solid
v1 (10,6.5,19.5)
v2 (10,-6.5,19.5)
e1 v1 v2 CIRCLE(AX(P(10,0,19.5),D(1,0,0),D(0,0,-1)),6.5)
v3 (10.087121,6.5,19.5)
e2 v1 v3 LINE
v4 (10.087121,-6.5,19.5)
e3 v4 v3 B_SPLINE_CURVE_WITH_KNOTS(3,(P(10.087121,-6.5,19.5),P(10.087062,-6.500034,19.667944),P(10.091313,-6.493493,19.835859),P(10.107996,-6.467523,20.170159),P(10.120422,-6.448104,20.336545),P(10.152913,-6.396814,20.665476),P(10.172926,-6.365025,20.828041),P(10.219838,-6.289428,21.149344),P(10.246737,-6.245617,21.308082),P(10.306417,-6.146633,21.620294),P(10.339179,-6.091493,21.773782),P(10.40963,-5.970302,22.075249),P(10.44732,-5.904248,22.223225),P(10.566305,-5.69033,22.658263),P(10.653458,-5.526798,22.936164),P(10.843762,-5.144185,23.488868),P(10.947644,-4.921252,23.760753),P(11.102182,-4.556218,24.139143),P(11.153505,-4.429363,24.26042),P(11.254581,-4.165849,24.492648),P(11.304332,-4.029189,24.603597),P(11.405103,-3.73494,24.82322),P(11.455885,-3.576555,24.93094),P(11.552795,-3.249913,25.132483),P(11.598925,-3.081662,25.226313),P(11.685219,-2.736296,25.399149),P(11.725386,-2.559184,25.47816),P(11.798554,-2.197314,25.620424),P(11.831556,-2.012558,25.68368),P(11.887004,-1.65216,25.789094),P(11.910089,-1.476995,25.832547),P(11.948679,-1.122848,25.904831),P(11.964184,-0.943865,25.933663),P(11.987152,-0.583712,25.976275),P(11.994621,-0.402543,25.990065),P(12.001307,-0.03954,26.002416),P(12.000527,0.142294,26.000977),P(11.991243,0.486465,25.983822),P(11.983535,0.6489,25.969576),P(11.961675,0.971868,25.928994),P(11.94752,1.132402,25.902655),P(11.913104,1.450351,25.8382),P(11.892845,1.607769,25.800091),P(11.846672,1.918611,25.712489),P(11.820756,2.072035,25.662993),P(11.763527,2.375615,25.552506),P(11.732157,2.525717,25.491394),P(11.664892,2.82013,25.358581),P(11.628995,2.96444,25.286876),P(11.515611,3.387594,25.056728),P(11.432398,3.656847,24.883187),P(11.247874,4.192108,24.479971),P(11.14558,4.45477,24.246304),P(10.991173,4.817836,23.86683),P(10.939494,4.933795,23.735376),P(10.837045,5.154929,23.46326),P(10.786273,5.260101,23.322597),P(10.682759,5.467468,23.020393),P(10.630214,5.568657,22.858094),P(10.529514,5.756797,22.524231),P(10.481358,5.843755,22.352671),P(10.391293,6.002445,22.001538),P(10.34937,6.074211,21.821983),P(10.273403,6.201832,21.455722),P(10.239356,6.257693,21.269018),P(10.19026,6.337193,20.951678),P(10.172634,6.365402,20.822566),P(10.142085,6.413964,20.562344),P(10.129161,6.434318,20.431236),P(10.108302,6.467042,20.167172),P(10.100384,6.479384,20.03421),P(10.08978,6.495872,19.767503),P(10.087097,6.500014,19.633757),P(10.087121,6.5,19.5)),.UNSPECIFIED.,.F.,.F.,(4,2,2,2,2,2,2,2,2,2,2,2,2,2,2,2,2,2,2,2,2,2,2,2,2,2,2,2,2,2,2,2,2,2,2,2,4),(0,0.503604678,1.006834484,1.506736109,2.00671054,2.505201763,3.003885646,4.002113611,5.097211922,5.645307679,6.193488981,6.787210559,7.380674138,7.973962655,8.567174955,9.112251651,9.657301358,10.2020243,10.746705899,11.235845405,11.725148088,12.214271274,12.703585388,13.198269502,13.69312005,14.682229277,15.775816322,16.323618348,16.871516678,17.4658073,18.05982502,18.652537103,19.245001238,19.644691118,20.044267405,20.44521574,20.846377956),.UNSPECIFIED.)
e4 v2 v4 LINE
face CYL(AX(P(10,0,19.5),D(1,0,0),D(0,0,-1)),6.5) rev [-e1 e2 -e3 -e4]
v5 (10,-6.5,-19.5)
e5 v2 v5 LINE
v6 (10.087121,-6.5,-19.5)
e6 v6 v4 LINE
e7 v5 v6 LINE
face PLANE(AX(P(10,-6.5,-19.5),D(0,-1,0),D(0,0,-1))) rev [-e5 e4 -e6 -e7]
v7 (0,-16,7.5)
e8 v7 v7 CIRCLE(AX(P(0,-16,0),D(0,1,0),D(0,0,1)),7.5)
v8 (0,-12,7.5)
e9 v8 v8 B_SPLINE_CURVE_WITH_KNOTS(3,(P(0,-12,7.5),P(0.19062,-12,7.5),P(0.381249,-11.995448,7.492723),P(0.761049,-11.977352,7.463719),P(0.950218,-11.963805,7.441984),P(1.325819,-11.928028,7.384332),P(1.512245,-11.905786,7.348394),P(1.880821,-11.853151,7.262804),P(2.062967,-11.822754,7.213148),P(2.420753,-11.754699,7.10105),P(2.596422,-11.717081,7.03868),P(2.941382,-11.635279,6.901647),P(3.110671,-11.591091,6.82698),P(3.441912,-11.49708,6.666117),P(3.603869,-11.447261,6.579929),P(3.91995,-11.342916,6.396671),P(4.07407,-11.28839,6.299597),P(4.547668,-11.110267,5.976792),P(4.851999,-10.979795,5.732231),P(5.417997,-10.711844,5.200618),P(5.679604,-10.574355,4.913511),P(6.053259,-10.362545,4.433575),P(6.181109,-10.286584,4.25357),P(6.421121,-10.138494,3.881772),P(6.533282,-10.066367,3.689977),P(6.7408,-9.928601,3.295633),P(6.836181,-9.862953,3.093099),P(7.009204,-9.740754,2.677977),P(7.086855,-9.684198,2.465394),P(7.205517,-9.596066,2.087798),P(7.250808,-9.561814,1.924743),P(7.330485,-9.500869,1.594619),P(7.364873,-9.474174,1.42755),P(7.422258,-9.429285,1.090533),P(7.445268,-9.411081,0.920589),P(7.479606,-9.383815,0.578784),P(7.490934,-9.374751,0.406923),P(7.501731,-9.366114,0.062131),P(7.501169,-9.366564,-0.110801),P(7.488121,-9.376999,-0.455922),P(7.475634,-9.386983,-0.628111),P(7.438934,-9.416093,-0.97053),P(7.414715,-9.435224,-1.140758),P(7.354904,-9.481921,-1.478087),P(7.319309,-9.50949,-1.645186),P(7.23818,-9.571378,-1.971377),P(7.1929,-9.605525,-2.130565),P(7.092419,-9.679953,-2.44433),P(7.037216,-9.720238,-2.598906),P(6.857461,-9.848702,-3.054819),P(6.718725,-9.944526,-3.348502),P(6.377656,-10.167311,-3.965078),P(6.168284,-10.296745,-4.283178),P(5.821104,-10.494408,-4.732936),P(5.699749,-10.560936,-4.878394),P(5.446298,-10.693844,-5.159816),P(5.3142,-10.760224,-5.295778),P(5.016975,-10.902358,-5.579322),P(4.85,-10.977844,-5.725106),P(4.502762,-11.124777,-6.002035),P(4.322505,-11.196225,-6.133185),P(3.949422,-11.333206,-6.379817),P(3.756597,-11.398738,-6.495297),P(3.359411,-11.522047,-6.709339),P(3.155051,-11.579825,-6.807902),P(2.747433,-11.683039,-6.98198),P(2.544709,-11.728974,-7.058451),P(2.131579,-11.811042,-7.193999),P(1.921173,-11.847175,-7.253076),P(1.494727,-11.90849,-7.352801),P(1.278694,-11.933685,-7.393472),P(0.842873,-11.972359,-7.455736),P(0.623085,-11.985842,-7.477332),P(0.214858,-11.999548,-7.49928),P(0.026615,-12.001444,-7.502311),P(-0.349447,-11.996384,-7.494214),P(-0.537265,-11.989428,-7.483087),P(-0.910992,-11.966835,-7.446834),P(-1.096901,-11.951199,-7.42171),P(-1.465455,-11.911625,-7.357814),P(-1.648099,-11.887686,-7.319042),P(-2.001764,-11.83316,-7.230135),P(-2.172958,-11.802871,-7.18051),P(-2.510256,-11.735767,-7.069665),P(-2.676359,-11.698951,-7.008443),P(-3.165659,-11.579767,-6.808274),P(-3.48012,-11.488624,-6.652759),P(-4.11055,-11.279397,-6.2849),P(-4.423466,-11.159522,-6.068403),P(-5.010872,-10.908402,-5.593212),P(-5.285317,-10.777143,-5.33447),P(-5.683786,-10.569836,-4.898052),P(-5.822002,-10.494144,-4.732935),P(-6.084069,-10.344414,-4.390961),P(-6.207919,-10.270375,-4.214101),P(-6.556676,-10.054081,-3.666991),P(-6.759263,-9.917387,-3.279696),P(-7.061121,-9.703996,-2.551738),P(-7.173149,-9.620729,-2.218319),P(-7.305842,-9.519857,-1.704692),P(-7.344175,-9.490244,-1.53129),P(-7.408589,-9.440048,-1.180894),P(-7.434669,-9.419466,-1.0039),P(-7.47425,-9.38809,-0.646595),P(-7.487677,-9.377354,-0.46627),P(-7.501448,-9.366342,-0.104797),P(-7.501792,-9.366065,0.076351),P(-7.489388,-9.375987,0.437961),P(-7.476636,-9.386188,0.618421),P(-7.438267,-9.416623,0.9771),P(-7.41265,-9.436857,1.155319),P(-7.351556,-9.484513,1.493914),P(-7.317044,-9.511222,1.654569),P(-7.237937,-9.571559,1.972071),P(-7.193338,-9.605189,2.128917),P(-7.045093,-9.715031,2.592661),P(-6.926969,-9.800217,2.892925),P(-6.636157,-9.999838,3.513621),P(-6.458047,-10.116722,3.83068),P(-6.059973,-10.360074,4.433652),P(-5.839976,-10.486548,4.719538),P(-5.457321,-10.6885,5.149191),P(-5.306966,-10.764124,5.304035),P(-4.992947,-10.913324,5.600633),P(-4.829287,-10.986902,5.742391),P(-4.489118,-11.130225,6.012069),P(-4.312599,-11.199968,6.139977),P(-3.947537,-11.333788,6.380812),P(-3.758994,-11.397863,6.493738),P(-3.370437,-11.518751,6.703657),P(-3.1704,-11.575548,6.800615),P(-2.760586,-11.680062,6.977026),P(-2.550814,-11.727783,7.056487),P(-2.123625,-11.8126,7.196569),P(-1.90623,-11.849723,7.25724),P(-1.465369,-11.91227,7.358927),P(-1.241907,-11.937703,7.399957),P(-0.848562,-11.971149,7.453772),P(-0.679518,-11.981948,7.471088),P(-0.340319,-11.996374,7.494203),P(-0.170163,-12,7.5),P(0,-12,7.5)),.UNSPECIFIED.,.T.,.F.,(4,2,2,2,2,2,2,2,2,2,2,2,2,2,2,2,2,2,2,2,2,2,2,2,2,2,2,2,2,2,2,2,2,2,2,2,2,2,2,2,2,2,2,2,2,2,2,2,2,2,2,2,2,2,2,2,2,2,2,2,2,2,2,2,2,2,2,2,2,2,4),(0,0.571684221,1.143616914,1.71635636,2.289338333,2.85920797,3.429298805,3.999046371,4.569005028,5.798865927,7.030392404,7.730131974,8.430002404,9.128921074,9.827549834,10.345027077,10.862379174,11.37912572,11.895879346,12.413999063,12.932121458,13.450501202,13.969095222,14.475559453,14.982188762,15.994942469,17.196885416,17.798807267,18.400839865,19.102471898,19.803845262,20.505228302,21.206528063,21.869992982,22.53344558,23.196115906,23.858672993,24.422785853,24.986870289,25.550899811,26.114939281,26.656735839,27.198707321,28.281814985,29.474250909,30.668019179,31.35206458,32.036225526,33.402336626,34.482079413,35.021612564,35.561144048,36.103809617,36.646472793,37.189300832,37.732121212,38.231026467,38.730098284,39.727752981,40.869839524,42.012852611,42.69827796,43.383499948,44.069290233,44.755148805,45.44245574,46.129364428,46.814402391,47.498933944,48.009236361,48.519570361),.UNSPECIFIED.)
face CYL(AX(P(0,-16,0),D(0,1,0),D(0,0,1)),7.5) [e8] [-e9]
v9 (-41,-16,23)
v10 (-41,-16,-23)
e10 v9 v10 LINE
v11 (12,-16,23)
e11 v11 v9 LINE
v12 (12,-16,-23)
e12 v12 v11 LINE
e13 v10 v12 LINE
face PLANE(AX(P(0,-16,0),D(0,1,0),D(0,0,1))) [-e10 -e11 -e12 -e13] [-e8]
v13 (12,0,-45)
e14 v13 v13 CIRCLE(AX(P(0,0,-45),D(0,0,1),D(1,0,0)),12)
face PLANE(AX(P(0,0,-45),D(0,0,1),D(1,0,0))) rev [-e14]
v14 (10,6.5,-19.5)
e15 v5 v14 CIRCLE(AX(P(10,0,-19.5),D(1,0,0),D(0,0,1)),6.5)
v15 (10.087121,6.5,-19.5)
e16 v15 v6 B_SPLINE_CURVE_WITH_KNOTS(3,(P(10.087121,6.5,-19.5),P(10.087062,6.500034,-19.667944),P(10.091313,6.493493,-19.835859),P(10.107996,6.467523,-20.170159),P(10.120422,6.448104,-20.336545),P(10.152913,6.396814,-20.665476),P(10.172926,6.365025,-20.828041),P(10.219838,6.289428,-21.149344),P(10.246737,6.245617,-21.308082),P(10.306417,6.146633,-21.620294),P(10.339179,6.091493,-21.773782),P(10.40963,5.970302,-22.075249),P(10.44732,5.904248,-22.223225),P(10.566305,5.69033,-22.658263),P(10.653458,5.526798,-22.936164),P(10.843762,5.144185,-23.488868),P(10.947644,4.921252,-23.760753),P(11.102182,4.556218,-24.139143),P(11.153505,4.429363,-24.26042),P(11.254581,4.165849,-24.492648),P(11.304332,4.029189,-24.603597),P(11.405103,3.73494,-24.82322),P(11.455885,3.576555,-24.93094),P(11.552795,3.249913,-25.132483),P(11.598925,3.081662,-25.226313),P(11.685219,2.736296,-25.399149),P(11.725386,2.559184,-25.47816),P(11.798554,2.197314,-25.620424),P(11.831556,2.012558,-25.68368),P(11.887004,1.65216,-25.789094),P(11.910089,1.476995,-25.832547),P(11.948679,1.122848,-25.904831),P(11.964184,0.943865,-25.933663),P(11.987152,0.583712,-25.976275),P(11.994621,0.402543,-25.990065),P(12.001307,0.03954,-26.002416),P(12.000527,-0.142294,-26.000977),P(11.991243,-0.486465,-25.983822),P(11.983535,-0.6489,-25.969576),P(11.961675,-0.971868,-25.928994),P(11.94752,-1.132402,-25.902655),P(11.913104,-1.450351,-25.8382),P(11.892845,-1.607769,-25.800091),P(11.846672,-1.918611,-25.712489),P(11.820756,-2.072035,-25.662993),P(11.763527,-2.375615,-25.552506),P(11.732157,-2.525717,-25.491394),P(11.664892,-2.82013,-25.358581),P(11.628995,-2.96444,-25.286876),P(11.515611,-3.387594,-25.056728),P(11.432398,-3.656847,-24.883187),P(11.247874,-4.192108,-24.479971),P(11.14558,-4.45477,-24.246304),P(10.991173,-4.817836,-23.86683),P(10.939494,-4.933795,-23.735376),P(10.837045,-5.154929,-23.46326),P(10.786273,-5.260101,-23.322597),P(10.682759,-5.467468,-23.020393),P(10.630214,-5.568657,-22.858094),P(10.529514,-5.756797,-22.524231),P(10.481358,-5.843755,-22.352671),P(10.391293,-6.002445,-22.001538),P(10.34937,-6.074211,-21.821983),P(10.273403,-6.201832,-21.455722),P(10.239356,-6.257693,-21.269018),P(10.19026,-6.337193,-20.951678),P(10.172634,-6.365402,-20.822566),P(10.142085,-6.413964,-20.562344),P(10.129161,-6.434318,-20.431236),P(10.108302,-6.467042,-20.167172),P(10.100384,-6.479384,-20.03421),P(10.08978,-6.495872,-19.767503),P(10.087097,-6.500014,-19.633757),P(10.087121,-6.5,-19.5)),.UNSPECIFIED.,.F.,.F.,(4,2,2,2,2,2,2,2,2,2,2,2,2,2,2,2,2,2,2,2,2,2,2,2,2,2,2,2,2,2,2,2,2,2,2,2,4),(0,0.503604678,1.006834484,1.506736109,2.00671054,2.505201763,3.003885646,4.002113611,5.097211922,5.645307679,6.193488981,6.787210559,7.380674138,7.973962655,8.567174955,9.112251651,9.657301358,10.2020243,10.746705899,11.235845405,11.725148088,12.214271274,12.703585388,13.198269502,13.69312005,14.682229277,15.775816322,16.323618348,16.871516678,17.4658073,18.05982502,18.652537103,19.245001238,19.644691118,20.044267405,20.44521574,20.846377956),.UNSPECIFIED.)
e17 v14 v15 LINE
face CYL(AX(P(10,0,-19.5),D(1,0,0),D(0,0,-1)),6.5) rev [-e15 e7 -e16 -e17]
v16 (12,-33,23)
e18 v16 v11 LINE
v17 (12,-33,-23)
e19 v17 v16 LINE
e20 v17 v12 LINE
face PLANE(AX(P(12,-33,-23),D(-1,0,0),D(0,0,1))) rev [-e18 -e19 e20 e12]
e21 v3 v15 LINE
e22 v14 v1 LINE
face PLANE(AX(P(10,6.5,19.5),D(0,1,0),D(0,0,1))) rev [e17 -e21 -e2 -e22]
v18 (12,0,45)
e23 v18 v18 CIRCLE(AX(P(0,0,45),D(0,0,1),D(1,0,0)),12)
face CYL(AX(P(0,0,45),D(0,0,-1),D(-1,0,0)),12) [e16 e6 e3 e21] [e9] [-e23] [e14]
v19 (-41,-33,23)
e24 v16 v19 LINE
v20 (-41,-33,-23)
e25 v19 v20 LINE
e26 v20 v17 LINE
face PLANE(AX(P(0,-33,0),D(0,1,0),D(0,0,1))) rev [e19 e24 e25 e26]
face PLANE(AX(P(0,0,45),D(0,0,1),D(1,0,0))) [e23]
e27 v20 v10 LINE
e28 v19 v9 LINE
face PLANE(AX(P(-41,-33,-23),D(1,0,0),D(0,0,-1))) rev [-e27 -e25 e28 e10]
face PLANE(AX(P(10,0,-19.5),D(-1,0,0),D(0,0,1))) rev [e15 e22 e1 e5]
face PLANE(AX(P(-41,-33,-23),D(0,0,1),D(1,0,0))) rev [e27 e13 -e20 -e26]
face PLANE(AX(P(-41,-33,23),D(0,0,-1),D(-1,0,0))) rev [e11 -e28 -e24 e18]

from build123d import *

# Parameters (mm, degrees)
SKETCH1_R           = 12
BOSS_EXTRUDE1_DEPTH = 45
SKETCH2_R           = 7.5
BOSS_EXTRUDE2_DEPTH = 16
SKETCH3_W           = 53
SKETCH3_H           = 46
BOSS_EXTRUDE3_DEPTH = 17
CUT_EXTRUDE1_DEPTH  = 2


with BuildPart() as part:
    # Sketch1 → Boss-Extrude1 (new, symmetric)
    with BuildSketch(Plane.XY):
        with Locations(Location((0, 0, 0), (0, 0, 180))):
            Circle(SKETCH1_R)
    extrude(amount=BOSS_EXTRUDE1_DEPTH, both=True)

    # Sketch2 → Boss-Extrude2 (add)
    with BuildSketch(Plane(origin=(0, 0, 0), x_dir=(1, 0, 0), z_dir=(0, 1, 0))):
        with Locations(Location((0, 0, 0), (0, 0, 270))):
            Circle(SKETCH2_R)
    extrude(amount=-BOSS_EXTRUDE2_DEPTH)

    # Sketch3 → Boss-Extrude3 (add)
    with BuildSketch(Plane.XZ.offset(16)):
        with Locations((-14.5, 0)):
            Rectangle(SKETCH3_W, SKETCH3_H)
    extrude(amount=BOSS_EXTRUDE3_DEPTH)

    # Sketch4 → Cut-Extrude1 (cut)
    with BuildSketch(Plane(origin=(12, 0, 0), x_dir=(0, 0, -1), z_dir=(1, 0, 0))):
        with BuildLine():
            Line((-19.5, 6.5), (19.5, 6.5))
            ThreePointArc((19.5, 6.5), (26, 0), (19.5, -6.5))
            Line((19.5, -6.5), (-19.5, -6.5))
            ThreePointArc((-19.5, -6.5), (-26, 0), (-19.5, 6.5))
        make_face()
    extrude(amount=-CUT_EXTRUDE1_DEPTH, mode=Mode.SUBTRACT)


solid = part.part
